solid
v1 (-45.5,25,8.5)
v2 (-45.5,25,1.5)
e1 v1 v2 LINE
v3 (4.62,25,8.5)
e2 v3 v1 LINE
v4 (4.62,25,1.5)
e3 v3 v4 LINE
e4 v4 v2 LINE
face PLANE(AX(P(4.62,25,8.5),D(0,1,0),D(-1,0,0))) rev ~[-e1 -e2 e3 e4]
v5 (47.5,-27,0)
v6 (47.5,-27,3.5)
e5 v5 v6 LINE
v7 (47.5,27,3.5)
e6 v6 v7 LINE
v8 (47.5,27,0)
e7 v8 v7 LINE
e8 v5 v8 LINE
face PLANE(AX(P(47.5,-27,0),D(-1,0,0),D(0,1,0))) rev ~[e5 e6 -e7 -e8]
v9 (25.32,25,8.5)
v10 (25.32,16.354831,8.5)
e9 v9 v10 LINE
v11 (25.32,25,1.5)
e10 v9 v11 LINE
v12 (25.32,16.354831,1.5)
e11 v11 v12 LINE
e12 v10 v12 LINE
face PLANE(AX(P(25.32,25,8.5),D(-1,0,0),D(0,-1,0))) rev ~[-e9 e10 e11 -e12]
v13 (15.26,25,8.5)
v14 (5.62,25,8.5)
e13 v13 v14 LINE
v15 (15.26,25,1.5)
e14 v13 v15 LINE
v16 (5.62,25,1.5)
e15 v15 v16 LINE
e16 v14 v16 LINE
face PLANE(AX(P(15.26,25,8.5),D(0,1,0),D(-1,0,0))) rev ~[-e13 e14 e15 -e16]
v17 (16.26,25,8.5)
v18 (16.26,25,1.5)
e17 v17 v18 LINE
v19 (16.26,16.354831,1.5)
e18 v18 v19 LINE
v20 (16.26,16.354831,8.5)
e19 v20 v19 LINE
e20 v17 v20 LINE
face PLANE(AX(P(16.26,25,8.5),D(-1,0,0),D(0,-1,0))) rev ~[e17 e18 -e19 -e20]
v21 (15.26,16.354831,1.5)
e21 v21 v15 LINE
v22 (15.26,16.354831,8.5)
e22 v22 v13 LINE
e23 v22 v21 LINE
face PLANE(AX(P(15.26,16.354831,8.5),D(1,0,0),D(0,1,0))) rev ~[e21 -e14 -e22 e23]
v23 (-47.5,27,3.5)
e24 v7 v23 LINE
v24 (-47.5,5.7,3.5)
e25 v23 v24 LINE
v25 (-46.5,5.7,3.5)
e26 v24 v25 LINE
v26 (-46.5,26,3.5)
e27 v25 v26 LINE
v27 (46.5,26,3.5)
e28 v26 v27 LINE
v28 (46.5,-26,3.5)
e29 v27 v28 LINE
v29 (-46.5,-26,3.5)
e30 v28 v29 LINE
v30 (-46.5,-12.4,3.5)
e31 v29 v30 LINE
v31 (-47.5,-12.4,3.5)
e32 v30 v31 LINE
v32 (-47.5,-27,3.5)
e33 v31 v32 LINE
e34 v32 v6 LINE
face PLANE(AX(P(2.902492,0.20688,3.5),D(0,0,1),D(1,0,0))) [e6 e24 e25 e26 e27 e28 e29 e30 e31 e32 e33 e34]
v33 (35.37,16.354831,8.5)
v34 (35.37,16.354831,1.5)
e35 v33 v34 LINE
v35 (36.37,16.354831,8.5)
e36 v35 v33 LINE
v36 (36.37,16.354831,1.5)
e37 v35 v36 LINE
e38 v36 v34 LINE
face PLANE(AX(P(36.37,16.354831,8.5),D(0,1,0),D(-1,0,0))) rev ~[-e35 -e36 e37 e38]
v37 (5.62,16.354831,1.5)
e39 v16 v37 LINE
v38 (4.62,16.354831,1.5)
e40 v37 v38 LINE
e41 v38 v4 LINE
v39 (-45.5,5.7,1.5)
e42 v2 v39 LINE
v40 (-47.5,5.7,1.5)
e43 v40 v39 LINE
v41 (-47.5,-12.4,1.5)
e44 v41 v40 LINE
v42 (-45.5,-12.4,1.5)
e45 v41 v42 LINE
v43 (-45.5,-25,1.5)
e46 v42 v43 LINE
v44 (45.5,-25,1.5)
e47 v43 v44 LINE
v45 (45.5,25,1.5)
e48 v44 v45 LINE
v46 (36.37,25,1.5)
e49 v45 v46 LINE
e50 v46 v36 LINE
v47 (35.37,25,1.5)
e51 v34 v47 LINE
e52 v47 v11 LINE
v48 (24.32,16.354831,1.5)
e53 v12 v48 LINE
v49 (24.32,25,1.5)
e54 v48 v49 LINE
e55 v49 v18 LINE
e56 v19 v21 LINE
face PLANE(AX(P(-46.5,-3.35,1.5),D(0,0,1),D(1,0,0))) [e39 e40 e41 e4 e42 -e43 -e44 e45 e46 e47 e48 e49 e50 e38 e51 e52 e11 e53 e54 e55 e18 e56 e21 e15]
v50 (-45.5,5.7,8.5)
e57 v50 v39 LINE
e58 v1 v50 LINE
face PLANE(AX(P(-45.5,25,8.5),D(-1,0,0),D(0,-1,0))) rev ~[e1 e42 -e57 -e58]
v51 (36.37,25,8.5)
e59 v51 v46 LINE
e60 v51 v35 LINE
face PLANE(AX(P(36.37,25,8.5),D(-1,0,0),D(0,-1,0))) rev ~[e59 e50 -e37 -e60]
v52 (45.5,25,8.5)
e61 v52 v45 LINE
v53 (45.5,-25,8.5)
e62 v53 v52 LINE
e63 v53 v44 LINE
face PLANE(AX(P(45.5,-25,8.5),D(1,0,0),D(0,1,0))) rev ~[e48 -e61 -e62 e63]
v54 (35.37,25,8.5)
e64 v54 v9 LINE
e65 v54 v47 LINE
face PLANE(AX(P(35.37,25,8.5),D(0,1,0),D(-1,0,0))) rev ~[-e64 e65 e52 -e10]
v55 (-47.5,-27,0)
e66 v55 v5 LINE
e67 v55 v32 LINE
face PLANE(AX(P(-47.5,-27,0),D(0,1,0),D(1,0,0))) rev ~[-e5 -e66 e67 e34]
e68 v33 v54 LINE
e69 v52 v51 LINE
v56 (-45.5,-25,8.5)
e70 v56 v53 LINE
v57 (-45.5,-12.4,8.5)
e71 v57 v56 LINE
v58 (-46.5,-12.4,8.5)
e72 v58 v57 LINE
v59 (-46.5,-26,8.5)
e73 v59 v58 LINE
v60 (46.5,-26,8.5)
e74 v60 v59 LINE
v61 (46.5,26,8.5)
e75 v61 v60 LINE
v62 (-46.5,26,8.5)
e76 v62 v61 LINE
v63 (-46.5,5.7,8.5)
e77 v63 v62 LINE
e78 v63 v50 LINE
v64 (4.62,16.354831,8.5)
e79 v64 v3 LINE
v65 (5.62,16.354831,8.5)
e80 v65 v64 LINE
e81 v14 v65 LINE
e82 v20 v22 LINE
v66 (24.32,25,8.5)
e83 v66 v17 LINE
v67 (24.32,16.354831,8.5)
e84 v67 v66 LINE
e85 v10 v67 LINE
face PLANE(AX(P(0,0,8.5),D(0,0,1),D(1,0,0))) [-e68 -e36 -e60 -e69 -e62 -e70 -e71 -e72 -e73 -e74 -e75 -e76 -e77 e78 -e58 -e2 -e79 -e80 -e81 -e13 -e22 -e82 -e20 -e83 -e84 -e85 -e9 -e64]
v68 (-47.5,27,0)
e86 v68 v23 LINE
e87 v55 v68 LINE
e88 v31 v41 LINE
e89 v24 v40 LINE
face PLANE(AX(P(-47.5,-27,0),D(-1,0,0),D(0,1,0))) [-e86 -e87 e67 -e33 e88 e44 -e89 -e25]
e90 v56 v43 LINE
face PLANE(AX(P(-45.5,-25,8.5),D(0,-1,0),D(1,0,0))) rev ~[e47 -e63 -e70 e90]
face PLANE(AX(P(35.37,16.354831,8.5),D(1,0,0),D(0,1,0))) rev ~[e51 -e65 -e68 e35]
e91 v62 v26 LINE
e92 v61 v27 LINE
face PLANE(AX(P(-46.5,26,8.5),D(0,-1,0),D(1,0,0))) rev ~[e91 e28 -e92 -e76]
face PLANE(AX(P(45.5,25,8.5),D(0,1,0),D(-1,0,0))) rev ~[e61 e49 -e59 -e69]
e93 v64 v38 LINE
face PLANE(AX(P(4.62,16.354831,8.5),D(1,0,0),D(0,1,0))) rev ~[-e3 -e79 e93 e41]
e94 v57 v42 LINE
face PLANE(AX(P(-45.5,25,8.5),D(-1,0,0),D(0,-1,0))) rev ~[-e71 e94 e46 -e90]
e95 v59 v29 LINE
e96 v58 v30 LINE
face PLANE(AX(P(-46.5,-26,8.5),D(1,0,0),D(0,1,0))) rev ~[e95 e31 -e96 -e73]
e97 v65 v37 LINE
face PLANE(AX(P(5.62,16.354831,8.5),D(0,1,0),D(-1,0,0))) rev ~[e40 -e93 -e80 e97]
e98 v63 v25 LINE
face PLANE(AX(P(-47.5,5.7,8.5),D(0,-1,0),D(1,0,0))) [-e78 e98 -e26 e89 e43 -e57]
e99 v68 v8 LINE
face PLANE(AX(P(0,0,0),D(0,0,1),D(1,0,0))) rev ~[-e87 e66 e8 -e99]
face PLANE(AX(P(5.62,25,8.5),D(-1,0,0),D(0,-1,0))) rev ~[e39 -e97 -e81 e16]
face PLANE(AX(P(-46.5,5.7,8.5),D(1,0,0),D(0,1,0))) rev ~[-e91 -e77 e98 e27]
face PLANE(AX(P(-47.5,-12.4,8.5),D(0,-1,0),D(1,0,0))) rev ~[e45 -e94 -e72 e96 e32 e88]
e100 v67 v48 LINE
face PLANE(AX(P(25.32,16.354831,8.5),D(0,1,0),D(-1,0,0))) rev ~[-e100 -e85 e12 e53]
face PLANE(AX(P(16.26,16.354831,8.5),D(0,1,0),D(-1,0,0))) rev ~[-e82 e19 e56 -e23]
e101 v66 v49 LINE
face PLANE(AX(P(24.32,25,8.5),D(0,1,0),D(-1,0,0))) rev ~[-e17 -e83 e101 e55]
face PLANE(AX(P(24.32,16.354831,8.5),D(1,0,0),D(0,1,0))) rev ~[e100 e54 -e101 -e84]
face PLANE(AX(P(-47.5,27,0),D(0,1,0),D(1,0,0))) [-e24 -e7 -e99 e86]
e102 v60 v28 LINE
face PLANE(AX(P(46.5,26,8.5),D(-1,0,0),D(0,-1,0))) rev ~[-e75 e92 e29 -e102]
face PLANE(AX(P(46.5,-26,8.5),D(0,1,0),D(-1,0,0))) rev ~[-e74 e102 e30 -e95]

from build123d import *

# Parameters (mm, degrees)
F0_W     = 95
F0_H     = 54
F1_DEPTH = 8.5
F3_DEPTH = 7
F4_W     = 2
F4_H     = 18.1
F5_DEPTH = 7
F7_DEPTH = 5


with BuildPart() as f1:
    # F0 (on Top) → F1 (new body)
    with BuildSketch(Plane.XY):
        Rectangle(F0_W, F0_H)
    extrude(amount=F1_DEPTH)

    # F2 (on face) → F3 (cut)
    with BuildSketch(Plane.XY.offset(8.5)):
        Polygon((-45.5, 25), (-45.5, -25), (45.5, -25), (45.5, 25), (36.37, 25), (36.37, 16.354831), (35.37, 16.354831), (35.37, 25), (25.32, 25), (25.32, 16.354831), (24.32, 16.354831), (24.32, 25), (16.26, 25), (16.26, 16.354831), (15.26, 16.354831), (15.26, 25), (5.62, 25), (5.62, 16.354831), (4.62, 16.354831), (4.62, 25), align=None)
    extrude(amount=-F3_DEPTH, mode=Mode.SUBTRACT)

    # F4 (on face) → F5 (cut)
    with BuildSketch(Plane.XY.offset(8.5)):
        with Locations((-46.5, -3.35)):
            Rectangle(F4_W, F4_H)
    extrude(amount=-F5_DEPTH, mode=Mode.SUBTRACT)

    # F6 (on face) → F7 (cut)
    with BuildSketch(Plane.XY.offset(8.5)):
        Polygon((46.5, -26), (-46.5, -26), (-46.5, -12.4), (-47.5, -12.4), (-47.5, -27), (47.5, -27), (47.5, 27), (-47.5, 27), (-47.5, 5.7), (-46.5, 5.7), (-46.5, 26), (46.5, 26), align=None)
    extrude(amount=-F7_DEPTH, mode=Mode.SUBTRACT)


solid = f1.part
